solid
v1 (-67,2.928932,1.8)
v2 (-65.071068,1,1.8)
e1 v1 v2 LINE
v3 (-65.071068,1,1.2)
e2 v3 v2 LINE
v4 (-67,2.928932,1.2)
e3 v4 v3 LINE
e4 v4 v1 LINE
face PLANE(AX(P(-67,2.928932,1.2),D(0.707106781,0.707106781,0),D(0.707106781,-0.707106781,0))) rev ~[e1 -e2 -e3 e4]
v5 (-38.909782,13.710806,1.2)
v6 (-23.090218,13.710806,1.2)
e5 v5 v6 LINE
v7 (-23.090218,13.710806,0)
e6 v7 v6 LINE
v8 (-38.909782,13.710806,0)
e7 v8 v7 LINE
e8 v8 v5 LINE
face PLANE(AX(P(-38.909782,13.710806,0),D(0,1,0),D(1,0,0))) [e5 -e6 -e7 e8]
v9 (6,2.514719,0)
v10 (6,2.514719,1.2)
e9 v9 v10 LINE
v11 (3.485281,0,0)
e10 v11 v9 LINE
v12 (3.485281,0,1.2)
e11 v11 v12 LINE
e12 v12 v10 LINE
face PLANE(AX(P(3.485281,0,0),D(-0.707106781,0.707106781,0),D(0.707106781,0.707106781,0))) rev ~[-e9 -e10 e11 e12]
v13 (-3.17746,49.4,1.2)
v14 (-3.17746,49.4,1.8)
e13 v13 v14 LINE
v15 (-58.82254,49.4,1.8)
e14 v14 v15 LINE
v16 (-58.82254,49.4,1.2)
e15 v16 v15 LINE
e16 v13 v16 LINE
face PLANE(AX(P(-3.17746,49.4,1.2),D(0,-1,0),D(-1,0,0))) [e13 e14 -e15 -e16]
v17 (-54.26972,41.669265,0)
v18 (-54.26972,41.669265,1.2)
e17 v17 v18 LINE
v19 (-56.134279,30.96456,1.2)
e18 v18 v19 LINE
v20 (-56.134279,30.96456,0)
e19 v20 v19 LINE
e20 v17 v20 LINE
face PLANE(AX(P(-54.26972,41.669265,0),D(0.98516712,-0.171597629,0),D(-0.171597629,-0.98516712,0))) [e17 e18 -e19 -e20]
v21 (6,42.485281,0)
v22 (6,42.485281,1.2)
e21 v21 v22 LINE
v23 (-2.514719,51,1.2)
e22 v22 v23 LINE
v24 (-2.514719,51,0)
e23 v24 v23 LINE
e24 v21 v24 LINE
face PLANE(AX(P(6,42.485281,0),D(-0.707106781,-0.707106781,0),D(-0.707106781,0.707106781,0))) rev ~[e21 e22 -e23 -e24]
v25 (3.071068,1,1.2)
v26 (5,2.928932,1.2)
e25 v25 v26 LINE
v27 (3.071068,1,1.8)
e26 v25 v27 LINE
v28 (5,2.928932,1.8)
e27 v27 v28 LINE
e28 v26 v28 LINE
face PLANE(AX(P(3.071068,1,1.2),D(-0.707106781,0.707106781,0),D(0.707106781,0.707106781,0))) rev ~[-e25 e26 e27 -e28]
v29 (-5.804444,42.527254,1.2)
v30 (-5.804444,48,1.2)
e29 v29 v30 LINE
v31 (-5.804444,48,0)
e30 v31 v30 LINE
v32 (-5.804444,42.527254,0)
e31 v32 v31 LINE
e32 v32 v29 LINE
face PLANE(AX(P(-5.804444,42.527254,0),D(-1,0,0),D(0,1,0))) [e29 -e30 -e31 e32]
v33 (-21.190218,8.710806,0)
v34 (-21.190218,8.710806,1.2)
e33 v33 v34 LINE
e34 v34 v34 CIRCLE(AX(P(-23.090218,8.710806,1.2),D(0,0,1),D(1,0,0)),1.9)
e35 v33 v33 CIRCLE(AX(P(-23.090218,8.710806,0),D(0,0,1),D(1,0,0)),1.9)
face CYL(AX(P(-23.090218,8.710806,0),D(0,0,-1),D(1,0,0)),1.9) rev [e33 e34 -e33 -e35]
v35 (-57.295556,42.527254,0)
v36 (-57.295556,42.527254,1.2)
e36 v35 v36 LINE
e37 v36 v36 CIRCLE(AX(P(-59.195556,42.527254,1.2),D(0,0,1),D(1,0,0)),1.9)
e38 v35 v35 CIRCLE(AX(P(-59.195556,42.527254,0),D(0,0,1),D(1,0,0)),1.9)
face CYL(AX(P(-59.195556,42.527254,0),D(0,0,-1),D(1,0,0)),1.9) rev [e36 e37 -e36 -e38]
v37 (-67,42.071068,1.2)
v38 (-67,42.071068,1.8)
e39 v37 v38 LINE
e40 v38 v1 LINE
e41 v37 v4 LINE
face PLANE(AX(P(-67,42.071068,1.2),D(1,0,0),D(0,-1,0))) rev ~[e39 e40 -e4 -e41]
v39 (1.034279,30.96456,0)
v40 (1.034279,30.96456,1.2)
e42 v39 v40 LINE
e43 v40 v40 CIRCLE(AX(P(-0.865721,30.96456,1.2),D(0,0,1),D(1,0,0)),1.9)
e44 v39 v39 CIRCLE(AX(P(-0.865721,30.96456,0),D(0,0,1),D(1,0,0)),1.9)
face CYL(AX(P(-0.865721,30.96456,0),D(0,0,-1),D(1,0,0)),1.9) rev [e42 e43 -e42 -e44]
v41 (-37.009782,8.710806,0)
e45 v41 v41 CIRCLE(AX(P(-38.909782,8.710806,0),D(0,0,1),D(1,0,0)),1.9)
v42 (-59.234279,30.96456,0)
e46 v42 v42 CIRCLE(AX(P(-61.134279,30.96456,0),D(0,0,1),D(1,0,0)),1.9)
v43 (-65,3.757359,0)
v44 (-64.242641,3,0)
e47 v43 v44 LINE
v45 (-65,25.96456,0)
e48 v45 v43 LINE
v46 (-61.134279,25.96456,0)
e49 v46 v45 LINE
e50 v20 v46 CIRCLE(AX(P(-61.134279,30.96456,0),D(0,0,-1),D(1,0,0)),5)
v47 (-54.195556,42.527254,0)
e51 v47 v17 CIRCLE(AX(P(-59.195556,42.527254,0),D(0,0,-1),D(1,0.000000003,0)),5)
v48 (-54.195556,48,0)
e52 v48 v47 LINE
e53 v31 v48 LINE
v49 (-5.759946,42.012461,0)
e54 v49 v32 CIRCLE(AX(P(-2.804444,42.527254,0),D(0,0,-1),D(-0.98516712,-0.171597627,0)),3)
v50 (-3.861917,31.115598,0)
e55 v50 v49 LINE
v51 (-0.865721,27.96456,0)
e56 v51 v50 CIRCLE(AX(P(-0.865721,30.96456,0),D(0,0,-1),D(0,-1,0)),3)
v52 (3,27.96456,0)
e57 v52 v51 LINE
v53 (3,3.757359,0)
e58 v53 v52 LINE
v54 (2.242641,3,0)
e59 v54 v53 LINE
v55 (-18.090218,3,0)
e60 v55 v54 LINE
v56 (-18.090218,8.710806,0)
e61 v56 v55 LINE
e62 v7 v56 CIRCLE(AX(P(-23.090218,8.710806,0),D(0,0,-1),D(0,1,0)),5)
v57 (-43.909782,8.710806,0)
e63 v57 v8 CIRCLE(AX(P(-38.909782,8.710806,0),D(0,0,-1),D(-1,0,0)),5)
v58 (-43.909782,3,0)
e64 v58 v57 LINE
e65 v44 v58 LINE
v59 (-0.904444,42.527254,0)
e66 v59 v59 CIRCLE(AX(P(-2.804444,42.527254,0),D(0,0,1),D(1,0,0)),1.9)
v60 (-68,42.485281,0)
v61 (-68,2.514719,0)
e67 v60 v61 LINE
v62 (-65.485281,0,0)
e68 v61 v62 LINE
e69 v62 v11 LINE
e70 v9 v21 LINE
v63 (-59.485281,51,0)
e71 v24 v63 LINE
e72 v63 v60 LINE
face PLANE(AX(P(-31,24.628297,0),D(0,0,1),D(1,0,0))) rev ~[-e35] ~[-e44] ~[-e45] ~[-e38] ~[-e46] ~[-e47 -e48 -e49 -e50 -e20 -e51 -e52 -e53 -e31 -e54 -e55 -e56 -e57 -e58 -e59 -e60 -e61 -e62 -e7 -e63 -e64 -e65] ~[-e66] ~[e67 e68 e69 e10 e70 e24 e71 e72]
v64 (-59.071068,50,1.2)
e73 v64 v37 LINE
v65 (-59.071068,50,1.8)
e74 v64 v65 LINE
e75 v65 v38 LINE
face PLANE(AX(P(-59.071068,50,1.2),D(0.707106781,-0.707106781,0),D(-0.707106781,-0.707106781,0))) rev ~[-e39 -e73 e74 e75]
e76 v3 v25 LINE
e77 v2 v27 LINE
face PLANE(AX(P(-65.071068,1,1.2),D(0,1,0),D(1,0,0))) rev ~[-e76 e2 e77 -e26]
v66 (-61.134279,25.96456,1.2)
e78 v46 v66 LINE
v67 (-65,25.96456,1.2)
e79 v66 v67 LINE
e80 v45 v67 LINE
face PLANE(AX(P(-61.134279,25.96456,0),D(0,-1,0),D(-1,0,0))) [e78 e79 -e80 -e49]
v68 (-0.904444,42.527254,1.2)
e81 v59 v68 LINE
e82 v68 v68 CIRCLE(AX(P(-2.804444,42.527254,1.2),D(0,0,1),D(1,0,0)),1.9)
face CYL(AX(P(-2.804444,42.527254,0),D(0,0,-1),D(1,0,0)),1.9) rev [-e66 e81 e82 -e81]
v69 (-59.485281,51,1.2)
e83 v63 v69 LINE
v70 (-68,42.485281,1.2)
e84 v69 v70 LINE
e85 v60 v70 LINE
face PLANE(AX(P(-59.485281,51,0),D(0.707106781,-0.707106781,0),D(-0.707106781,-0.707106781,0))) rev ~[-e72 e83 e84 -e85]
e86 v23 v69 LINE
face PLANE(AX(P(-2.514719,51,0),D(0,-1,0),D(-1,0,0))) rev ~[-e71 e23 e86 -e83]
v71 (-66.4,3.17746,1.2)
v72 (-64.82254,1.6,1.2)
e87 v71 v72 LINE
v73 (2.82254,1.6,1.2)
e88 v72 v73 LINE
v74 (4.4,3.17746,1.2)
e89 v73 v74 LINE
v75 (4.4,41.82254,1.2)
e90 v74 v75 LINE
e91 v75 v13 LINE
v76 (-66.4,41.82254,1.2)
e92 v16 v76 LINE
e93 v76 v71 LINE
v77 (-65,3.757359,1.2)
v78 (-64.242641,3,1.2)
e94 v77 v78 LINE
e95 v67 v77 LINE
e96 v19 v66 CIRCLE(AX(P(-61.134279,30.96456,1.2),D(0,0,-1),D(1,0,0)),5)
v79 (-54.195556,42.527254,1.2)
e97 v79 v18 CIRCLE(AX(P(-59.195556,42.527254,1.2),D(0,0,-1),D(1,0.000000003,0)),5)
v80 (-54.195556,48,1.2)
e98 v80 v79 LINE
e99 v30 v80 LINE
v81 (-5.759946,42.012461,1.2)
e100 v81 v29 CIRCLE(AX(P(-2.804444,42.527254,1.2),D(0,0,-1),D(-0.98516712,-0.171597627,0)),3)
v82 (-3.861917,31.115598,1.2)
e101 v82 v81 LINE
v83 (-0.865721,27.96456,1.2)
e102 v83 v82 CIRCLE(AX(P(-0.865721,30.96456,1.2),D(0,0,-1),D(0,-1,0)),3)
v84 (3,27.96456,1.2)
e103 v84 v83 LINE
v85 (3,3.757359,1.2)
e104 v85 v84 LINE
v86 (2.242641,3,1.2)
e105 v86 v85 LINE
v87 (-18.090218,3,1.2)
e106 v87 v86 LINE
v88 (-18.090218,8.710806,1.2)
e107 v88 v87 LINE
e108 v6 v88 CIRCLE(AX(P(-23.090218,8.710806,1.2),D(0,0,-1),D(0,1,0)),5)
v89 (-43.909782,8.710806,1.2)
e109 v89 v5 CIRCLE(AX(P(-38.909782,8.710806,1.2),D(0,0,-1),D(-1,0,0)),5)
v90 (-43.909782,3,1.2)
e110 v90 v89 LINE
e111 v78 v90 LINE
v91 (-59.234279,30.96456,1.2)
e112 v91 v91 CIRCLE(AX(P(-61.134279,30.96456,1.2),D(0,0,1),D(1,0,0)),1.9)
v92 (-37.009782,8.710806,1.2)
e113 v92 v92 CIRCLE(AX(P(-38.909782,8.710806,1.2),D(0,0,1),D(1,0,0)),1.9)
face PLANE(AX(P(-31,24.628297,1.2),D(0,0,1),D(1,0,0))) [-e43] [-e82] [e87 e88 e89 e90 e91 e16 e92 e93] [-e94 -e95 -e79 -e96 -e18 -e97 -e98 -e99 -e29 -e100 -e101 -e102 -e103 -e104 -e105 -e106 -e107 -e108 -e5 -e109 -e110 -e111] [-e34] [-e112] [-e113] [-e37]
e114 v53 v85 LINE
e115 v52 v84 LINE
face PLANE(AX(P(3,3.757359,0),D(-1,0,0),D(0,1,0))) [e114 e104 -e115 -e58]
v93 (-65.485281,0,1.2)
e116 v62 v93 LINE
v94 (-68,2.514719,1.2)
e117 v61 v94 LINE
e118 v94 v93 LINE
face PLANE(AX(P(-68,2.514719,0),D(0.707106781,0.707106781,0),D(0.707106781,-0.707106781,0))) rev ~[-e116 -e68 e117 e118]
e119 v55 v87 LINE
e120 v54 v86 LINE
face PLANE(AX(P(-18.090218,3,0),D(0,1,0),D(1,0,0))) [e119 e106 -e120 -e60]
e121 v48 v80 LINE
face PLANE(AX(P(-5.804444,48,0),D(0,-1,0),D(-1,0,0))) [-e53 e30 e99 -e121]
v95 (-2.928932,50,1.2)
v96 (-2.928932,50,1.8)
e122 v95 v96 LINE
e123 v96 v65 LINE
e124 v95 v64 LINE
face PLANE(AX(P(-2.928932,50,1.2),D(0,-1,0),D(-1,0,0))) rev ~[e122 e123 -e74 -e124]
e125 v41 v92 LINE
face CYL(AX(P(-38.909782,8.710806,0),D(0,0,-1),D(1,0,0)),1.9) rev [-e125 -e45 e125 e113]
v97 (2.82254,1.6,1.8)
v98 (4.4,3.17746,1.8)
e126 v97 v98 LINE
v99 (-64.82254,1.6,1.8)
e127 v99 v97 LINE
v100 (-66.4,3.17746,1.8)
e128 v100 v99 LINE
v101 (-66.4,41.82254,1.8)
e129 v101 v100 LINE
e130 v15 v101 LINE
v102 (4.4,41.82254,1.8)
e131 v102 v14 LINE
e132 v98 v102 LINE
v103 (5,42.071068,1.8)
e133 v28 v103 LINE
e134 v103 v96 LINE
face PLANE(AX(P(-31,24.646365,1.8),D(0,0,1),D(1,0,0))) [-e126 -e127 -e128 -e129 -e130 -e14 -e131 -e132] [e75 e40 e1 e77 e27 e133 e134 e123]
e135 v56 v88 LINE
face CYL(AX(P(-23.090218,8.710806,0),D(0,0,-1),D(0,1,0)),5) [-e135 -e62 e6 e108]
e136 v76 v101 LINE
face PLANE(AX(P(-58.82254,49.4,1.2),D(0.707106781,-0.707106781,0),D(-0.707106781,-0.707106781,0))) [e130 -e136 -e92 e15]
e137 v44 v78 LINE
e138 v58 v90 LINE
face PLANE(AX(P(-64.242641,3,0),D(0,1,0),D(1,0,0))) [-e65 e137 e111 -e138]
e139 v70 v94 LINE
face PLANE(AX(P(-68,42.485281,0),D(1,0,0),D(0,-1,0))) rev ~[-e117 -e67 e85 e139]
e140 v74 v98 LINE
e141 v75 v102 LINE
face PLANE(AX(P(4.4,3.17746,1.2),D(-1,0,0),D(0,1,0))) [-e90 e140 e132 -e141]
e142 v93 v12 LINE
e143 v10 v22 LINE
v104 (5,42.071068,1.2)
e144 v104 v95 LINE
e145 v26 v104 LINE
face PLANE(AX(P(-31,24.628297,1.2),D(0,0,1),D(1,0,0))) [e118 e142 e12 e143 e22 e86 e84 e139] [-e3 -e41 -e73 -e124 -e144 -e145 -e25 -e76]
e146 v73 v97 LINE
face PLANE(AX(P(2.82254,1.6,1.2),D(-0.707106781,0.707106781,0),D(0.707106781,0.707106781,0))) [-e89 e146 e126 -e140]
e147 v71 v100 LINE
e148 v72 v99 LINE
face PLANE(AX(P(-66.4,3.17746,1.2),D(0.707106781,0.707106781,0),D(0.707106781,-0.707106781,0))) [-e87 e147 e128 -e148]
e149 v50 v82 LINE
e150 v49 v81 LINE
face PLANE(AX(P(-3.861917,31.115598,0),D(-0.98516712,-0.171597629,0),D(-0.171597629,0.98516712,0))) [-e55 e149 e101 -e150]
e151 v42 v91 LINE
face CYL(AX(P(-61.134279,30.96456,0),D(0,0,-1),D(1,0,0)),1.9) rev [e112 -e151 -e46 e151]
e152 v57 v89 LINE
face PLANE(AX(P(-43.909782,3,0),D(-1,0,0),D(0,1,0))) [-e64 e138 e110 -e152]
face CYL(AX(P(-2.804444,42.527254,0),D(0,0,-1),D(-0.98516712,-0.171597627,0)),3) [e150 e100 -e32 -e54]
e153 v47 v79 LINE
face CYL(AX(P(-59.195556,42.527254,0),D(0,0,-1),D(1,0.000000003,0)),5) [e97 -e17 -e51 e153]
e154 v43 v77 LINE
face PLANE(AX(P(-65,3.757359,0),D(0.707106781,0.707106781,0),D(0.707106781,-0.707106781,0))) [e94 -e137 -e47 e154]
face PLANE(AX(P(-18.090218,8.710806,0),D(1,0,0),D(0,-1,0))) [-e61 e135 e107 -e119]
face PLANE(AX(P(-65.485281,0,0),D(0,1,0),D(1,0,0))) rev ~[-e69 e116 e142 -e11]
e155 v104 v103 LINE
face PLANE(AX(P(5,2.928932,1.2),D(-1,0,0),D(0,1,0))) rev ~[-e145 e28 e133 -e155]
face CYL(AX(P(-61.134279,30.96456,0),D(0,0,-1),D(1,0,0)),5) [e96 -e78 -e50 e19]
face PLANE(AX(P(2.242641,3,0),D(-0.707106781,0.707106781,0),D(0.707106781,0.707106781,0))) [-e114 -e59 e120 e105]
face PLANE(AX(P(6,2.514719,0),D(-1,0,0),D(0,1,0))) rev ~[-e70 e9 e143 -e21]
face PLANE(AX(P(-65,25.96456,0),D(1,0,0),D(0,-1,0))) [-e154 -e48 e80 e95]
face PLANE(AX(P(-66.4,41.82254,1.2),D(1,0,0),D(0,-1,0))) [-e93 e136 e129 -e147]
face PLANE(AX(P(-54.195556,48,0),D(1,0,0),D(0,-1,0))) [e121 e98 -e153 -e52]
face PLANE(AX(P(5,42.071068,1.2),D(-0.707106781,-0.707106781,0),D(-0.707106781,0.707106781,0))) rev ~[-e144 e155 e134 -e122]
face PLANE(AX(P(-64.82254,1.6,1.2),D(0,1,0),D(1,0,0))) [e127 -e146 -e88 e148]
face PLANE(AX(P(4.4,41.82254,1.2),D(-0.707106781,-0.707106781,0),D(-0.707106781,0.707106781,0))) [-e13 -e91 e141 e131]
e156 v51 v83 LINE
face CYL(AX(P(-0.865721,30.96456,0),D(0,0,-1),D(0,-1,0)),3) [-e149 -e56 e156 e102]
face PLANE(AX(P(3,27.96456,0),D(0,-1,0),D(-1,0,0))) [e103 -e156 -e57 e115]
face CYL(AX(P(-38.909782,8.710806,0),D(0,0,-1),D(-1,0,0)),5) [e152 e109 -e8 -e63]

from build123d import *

# Parameters (mm, degrees)
SKETCH1_R           = 1.9
BOSS_EXTRUDE1_DEPTH = 1.2
BOSS_EXTRUDE2_DEPTH = 0.6


with BuildPart() as part:
    # Sketch1 → Boss-Extrude1 (new body)
    with BuildSketch(Plane.XY):
        Polygon((-68, 2.514718626), (-65.485281374, 0), (3.485281374, 0), (6, 2.514718626), (6, 42.485281374), (-2.514718626, 51), (-59.485281374, 51), (-68, 42.485281374), align=None)
        with Locations((-0.865721015, 30.964560447)):
            Circle(SKETCH1_R, mode=Mode.SUBTRACT)
        with Locations((-61.134278985, 30.964560447)):
            Circle(SKETCH1_R, mode=Mode.SUBTRACT)
        with Locations((-38.909782256, 8.710806253)):
            Circle(SKETCH1_R, mode=Mode.SUBTRACT)
        with Locations((-23.090217744, 8.710806253)):
            Circle(SKETCH1_R, mode=Mode.SUBTRACT)
        with Locations((-2.804444182, 42.527253566)):
            Circle(SKETCH1_R, mode=Mode.SUBTRACT)
        with Locations((-59.195555818, 42.527253566)):
            Circle(SKETCH1_R, mode=Mode.SUBTRACT)
        with BuildLine():
            Line((3, 27.964560447), (-0.865721015, 27.964560447))
            ThreePointArc((-0.865721015, 27.964560447), (-3.039785544, 28.897329588), (-3.861916537, 31.115598164))
            Line((-3.861916537, 31.115598164), (-5.759945542, 42.01246068))
            ThreePointArc((-5.759945542, 42.01246068), (-5.793298819, 42.268897298), (-5.804444182, 42.527253566))
            Line((-5.804444182, 42.527253566), (-5.804444182, 48))
            Line((-5.804444182, 48), (-54.195555818, 48))
            Line((-54.195555818, 48), (-54.195555818, 42.527253566))
            ThreePointArc((-54.195555818, 42.527253566), (-54.214131423, 42.096659786), (-54.269720219, 41.669265423))
            Line((-54.269720219, 41.669265423), (-56.134278985, 30.964560447))
            ThreePointArc((-56.134278985, 30.964560447), (-57.598745079, 27.429026541), (-61.134278985, 25.964560447))
            Line((-61.134278985, 25.964560447), (-65, 25.964560447))
            Line((-65, 25.964560447), (-65, 3.757359313))
            Line((-65, 3.757359313), (-64.242640687, 3))
            Line((-64.242640687, 3), (-43.909782256, 3))
            Line((-43.909782256, 3), (-43.909782256, 8.710806253))
            ThreePointArc((-43.909782256, 8.710806253), (-42.445316162, 12.246340159), (-38.909782256, 13.710806253))
            Line((-38.909782256, 13.710806253), (-23.090217744, 13.710806253))
            ThreePointArc((-23.090217744, 13.710806253), (-19.554683838, 12.246340159), (-18.090217744, 8.710806253))
            Line((-18.090217744, 8.710806253), (-18.090217744, 3))
            Line((-18.090217744, 3), (2.242640687, 3))
            Line((2.242640687, 3), (3, 3.757359313))
            Line((3, 3.757359313), (3, 27.964560447))
        make_face(mode=Mode.SUBTRACT)
    extrude(amount=BOSS_EXTRUDE1_DEPTH)

    # Sketch2 → Boss-Extrude2 (add)
    with BuildSketch(Plane.XY.offset(1.2)):
        Polygon((-67, 42.071067812), (-67, 2.928932188), (-65.071067812, 1), (3.071067812, 1), (5, 2.928932188), (5, 42.071067812), (-2.928932188, 50), (-59.071067812, 50), align=None)
        Polygon((-66.4, 41.822539674), (-66.4, 3.177460326), (-64.822539674, 1.6), (2.822539674, 1.6), (4.4, 3.177460326), (4.4, 41.822539674), (-3.177460326, 49.4), (-58.822539674, 49.4), align=None, mode=Mode.SUBTRACT)
    extrude(amount=BOSS_EXTRUDE2_DEPTH)


solid = part.part
